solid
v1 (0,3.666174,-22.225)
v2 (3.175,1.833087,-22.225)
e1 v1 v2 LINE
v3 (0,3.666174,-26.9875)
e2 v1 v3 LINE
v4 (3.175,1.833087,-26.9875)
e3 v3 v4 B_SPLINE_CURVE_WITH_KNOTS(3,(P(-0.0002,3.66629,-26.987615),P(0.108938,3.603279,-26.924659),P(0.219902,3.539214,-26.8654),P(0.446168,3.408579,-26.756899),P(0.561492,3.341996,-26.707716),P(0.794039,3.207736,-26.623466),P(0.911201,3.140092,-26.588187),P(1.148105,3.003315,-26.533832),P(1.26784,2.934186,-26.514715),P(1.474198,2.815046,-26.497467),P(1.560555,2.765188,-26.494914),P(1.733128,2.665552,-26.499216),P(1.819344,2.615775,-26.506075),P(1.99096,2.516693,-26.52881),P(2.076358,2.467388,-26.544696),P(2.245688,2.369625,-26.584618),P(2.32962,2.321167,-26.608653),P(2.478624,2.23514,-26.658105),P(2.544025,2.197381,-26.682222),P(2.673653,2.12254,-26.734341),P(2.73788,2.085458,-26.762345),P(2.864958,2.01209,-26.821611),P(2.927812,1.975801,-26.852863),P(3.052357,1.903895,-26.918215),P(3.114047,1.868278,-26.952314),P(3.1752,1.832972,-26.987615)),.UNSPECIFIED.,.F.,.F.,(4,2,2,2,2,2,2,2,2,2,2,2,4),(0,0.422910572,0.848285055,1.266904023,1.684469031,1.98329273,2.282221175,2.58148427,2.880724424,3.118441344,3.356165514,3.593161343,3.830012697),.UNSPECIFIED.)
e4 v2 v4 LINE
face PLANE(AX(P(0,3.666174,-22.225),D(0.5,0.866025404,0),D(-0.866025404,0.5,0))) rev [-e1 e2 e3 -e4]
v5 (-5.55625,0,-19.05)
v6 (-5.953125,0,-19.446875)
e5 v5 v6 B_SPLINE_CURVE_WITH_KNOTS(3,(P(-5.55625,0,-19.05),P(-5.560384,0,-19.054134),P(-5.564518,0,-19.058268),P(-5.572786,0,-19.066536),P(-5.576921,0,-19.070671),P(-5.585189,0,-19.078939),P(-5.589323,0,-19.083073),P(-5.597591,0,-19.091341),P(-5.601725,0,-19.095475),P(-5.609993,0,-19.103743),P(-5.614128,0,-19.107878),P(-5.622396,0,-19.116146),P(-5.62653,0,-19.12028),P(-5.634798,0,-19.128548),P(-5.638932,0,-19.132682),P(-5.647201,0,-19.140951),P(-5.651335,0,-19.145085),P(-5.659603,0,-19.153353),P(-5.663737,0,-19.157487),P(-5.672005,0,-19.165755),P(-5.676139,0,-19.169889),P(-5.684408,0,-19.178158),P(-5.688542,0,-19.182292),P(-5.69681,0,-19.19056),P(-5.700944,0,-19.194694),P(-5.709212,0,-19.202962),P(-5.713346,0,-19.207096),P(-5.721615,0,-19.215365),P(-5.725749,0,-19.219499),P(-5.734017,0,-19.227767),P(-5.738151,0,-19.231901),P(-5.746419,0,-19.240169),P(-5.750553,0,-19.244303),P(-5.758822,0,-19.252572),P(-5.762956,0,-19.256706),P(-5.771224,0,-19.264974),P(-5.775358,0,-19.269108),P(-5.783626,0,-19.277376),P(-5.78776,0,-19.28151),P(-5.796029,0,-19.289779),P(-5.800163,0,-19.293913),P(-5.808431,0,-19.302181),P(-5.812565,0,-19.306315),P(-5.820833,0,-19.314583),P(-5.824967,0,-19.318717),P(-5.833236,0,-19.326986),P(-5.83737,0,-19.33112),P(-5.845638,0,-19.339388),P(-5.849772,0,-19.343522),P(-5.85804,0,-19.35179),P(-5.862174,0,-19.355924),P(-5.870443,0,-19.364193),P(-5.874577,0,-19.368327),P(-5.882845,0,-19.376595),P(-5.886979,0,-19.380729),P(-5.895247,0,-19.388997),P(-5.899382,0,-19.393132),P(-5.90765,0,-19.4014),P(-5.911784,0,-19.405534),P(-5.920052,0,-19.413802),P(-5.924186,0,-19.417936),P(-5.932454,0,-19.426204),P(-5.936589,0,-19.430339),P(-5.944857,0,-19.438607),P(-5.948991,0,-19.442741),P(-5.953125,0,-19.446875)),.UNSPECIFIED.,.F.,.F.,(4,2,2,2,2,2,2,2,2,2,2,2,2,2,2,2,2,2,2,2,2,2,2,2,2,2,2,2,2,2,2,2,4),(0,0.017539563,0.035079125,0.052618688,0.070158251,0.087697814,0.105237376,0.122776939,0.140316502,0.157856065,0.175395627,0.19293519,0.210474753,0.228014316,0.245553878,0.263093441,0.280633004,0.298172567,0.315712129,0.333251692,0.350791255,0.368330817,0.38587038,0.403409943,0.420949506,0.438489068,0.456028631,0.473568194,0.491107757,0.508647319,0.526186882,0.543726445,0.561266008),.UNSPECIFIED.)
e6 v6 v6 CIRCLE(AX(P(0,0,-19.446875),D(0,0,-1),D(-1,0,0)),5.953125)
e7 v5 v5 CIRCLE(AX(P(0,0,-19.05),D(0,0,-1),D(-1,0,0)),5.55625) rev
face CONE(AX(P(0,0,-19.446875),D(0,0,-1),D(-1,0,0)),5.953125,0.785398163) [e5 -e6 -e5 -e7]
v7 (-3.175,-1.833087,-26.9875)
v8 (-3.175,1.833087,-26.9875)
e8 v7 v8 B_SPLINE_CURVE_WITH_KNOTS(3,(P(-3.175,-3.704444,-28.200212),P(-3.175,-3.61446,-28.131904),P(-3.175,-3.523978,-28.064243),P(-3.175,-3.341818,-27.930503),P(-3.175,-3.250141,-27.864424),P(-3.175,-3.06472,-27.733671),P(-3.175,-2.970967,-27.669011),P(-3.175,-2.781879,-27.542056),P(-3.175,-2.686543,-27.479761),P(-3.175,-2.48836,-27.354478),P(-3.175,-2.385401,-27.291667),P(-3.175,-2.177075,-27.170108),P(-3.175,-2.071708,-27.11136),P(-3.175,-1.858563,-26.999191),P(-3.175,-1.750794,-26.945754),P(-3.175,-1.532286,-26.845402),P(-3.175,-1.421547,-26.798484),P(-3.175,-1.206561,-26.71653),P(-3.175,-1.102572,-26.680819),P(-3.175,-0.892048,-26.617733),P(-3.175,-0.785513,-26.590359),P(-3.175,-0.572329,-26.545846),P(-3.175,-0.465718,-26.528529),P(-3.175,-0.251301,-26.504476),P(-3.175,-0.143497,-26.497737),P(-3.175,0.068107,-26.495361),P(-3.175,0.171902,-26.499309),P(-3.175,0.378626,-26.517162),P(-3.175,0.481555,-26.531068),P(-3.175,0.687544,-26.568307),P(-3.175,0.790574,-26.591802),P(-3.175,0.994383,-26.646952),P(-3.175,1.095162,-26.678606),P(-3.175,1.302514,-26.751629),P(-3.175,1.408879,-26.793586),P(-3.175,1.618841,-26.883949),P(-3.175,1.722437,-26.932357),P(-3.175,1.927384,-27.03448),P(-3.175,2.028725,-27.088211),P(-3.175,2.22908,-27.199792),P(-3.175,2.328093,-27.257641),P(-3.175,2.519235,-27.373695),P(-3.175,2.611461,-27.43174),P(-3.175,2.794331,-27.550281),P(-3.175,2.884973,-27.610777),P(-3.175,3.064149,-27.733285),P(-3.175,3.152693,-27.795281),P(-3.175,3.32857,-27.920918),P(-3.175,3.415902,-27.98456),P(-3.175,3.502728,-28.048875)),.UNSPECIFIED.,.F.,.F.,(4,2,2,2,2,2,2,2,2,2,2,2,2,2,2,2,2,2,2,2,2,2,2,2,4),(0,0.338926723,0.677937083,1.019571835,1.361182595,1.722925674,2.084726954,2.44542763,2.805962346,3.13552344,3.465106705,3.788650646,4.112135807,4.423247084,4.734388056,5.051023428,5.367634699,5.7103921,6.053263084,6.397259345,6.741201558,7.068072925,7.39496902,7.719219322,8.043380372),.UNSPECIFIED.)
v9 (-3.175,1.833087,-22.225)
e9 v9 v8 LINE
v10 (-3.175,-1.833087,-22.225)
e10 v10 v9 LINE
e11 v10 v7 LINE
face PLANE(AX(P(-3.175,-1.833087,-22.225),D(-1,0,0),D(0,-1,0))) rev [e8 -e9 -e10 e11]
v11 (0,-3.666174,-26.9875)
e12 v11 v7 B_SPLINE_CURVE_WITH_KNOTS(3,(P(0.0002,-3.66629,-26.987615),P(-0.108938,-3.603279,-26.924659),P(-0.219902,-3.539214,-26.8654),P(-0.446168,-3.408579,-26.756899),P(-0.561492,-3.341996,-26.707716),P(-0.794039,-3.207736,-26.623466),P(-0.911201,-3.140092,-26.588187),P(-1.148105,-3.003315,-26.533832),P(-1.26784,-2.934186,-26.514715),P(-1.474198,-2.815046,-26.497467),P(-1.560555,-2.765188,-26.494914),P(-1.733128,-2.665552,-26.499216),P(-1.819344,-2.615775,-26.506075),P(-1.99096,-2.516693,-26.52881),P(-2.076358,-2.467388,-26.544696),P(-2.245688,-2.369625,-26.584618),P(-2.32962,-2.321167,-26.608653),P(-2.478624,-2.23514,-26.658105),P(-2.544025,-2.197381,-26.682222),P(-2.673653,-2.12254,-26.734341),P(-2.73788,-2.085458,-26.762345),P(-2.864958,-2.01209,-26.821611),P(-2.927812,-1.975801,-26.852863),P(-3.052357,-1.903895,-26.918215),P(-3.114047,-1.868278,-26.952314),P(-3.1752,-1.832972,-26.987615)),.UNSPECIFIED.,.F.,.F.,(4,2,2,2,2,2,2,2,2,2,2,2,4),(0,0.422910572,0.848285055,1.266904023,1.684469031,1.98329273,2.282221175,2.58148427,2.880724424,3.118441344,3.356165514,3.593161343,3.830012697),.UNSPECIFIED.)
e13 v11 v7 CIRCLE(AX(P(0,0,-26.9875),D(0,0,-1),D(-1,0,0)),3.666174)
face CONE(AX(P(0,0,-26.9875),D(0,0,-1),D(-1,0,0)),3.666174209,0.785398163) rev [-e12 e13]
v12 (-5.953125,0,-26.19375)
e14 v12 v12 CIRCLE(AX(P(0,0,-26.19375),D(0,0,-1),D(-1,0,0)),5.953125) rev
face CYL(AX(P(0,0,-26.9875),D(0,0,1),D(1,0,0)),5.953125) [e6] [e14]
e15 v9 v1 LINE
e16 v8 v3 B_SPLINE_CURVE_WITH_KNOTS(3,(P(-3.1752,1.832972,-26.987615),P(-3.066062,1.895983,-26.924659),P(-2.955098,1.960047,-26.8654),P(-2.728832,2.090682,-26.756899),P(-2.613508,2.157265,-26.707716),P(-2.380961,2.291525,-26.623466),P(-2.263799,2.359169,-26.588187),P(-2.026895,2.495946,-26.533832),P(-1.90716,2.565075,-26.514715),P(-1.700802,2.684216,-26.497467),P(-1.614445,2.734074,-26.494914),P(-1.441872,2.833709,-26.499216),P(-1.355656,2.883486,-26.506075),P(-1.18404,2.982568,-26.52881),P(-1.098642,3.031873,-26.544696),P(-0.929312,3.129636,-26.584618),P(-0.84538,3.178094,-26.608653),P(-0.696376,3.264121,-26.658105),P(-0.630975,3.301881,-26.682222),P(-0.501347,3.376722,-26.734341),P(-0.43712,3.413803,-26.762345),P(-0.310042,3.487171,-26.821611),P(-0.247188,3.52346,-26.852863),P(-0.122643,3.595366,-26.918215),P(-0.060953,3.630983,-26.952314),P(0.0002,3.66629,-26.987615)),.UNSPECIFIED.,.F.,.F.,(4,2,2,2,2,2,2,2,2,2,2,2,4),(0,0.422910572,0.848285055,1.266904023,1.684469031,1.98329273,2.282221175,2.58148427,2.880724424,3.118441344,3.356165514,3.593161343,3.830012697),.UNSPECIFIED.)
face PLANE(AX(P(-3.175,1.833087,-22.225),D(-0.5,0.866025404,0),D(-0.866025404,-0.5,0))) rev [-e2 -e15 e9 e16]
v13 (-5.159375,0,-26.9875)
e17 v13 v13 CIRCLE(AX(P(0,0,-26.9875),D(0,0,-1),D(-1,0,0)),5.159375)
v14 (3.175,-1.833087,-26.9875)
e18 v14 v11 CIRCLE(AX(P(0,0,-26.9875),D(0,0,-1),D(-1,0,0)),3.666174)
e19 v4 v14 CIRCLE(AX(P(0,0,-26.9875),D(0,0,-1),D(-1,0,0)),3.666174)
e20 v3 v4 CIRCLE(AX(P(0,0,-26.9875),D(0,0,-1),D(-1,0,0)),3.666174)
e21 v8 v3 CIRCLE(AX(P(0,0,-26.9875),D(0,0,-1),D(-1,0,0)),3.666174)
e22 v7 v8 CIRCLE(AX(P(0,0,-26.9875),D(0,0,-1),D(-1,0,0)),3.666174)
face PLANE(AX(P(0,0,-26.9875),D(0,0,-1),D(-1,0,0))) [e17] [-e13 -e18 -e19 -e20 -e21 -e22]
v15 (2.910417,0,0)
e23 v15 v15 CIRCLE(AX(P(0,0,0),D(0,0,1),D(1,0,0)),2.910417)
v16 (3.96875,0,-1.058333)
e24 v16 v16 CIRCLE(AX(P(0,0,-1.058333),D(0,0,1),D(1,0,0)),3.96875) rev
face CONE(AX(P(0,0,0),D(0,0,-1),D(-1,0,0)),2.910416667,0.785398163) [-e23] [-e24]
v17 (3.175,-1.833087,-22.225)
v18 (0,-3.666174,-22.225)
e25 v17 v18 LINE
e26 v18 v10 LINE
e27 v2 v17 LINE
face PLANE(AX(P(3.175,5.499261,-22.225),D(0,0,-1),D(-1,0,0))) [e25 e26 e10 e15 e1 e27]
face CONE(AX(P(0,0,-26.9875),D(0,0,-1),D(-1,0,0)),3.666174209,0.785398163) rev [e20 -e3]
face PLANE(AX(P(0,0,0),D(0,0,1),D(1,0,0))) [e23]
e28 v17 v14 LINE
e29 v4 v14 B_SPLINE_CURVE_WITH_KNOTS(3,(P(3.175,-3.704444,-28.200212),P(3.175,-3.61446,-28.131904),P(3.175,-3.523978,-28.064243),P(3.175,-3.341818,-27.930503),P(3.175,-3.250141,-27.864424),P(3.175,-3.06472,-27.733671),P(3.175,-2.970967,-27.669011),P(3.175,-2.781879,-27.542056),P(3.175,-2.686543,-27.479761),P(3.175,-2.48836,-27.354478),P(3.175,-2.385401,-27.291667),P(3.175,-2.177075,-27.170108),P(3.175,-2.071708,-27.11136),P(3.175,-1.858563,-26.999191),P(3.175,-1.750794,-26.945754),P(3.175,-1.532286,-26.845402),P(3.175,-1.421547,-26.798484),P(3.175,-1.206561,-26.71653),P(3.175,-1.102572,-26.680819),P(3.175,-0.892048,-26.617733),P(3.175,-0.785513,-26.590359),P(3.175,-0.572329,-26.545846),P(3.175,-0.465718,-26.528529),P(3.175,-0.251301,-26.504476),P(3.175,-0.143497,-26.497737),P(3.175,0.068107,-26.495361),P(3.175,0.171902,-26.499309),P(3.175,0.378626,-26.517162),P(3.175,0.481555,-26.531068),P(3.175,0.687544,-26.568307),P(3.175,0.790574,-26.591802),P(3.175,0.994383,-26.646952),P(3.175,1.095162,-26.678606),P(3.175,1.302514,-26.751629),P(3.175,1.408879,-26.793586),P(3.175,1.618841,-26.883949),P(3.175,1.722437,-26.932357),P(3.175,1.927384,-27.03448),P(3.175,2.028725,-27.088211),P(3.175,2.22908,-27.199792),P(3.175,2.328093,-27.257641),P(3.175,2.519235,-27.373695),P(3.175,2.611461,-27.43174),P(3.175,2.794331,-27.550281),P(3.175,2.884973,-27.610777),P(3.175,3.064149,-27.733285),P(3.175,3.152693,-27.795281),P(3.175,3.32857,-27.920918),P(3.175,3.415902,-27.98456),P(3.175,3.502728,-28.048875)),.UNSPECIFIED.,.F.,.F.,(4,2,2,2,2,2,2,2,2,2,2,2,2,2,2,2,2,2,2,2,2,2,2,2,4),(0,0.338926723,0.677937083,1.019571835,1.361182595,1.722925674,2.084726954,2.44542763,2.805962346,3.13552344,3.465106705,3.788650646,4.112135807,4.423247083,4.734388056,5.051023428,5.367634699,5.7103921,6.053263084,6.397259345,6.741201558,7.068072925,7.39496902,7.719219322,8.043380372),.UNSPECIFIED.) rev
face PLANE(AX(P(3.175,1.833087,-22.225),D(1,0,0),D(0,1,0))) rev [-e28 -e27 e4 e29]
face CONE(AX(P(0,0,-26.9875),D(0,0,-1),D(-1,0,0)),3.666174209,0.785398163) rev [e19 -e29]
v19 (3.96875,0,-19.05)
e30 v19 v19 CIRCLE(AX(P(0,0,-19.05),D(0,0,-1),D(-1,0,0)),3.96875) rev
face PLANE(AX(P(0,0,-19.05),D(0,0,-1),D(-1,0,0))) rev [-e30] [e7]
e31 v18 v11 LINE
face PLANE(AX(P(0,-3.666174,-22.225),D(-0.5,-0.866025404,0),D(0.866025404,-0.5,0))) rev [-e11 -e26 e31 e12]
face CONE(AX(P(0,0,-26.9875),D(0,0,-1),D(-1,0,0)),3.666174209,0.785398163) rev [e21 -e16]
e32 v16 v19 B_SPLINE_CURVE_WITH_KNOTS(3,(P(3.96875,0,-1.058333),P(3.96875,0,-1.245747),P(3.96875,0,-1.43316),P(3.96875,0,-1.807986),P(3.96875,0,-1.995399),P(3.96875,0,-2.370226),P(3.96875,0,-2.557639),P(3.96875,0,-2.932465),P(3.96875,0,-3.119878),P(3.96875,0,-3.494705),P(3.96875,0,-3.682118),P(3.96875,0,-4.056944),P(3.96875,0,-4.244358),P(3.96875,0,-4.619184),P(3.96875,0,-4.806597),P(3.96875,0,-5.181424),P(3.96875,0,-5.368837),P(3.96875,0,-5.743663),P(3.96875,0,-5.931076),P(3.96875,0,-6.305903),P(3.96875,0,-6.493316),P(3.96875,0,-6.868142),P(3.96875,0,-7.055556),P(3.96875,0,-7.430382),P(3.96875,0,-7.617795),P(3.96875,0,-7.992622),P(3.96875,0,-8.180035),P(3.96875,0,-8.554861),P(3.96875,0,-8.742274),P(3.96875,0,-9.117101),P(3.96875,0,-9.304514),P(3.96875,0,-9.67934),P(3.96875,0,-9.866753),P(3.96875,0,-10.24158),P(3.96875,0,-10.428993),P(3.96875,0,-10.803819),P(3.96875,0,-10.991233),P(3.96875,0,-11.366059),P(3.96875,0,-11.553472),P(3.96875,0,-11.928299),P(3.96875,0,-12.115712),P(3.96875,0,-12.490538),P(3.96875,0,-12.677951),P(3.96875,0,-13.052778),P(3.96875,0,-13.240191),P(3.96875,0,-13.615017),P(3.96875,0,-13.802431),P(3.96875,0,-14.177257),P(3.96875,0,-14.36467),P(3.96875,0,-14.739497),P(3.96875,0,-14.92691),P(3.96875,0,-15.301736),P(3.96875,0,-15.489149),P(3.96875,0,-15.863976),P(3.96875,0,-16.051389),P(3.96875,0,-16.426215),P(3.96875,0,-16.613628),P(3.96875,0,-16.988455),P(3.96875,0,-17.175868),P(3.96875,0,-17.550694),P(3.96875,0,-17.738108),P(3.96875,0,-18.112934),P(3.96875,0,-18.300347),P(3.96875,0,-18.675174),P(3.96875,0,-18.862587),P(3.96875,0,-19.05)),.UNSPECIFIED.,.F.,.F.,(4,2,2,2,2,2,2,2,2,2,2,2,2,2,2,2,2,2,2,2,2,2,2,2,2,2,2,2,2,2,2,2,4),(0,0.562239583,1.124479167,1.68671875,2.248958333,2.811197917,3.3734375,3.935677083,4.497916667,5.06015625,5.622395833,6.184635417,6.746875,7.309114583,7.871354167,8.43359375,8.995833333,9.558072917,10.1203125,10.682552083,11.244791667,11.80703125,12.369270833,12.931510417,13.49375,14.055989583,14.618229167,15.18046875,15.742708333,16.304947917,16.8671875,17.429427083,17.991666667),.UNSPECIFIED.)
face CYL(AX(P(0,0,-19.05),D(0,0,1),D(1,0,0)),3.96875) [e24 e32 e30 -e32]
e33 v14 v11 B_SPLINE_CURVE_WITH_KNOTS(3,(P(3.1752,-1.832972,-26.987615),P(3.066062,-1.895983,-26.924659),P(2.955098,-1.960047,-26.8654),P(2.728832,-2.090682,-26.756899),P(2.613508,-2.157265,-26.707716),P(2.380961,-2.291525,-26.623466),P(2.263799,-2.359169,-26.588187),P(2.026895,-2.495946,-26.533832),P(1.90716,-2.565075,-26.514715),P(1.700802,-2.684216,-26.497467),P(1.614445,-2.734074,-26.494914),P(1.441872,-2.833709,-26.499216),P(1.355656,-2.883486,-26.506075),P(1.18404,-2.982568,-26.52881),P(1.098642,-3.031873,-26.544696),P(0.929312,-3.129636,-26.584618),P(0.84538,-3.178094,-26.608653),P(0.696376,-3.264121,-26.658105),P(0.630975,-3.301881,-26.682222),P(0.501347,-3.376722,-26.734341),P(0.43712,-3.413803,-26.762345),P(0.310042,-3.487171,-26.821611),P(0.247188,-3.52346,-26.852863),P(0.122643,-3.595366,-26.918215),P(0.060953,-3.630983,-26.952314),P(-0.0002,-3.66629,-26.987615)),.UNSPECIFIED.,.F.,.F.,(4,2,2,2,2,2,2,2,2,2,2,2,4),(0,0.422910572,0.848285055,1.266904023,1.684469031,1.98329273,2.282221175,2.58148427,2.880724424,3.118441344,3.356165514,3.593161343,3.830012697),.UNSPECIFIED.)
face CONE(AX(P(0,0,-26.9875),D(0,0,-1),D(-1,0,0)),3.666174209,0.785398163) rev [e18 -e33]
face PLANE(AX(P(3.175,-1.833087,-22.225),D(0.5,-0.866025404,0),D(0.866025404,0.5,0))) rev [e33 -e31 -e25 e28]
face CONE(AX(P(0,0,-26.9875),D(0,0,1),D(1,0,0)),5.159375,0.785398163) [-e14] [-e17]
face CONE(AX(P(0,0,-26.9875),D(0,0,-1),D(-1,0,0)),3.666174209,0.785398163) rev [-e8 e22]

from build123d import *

# Parameters (mm, degrees)
SKETCH1_R          = 3.96875
EXTRUDE1_DEPTH     = 19.05
CHAMFER3_SIZE      = 1.058333333
SKETCH6_R          = 5.953125
EXTRUDE2_DEPTH     = 7.9375
CUT_EXTRUDE1_DEPTH = 4.7625
SKETCH8_R          = 3.666174209
CUT_EXTRUDE2_DEPTH = 0.79375
CUT_EXTRUDE2_DRAFT = -45
CHAMFER1_SIZE      = 0.79375
CHAMFER2_SIZE      = 0.396875


with BuildPart() as part:
    # Sketch1 → Extrude1 (new body)
    with BuildSketch(Plane.XY):
        Circle(SKETCH1_R)
    extrude(amount=-EXTRUDE1_DEPTH)

    # Chamfer3
    chamfer3_edges = [part.edges().sort_by_distance(p)[0] for p in [
        (-3.96875, 0, 0),
    ]]
    chamfer(chamfer3_edges, length=CHAMFER3_SIZE)

    # Sketch6 → Extrude2 (add)
    with BuildSketch(Plane(origin=(0, 0, -19.05), x_dir=(-1, 0, 0), z_dir=(0, 0, -1))):
        Circle(SKETCH6_R)
    extrude(amount=EXTRUDE2_DEPTH)

    # Sketch7 → Cut-Extrude1 (cut)
    with BuildSketch(Plane(origin=(0, 0, -26.9875), x_dir=(-1, 0, 0), z_dir=(0, 0, -1))):
        Polygon((0, 3.666174209), (-3.175, 1.833087105), (-3.175, -1.833087105), (0, -3.666174209), (3.175, -1.833087105), (3.175, 1.833087105), align=None)
    extrude(amount=-CUT_EXTRUDE1_DEPTH, mode=Mode.SUBTRACT)


with BuildPart() as cut_extrude2_tool:
    # Sketch8 → Cut-Extrude2 (with draft: the straight prism first)
    with BuildSketch(Plane(origin=(0, 0, -26.9875), x_dir=(-1, 0, 0), z_dir=(0, 0, -1))):
        Circle(SKETCH8_R)
    extrude(amount=-CUT_EXTRUDE2_DEPTH)
    # Cut-Extrude2: the draft: its side faces are tilted about the plane it starts from
    cut_extrude2_sides = [cut_extrude2_tool.faces().sort_by_distance(p)[0] for p in [
        (3.666174209, 0, -26.590625),
    ]]
    draft(cut_extrude2_sides, Plane(origin=(0, 0, -26.9875), x_dir=(-1, 0, 0), z_dir=(0, 0, -1)), CUT_EXTRUDE2_DRAFT)


with BuildPart() as part_1:
    add(part.part)

    # Cut-Extrude2: cut by cut_extrude2_tool
    add(cut_extrude2_tool.part, mode=Mode.SUBTRACT)

    # Chamfer1
    chamfer1_edges = [part_1.edges().sort_by_distance(p)[0] for p in [
        (5.953125, 0, -26.9875),
    ]]
    chamfer(chamfer1_edges, length=CHAMFER1_SIZE)

    # Chamfer2
    chamfer2_edges = [part_1.edges().sort_by_distance(p)[0] for p in [
        (5.953125, 0, -19.05),
    ]]
    chamfer(chamfer2_edges, length=CHAMFER2_SIZE)


solid = part_1.part
